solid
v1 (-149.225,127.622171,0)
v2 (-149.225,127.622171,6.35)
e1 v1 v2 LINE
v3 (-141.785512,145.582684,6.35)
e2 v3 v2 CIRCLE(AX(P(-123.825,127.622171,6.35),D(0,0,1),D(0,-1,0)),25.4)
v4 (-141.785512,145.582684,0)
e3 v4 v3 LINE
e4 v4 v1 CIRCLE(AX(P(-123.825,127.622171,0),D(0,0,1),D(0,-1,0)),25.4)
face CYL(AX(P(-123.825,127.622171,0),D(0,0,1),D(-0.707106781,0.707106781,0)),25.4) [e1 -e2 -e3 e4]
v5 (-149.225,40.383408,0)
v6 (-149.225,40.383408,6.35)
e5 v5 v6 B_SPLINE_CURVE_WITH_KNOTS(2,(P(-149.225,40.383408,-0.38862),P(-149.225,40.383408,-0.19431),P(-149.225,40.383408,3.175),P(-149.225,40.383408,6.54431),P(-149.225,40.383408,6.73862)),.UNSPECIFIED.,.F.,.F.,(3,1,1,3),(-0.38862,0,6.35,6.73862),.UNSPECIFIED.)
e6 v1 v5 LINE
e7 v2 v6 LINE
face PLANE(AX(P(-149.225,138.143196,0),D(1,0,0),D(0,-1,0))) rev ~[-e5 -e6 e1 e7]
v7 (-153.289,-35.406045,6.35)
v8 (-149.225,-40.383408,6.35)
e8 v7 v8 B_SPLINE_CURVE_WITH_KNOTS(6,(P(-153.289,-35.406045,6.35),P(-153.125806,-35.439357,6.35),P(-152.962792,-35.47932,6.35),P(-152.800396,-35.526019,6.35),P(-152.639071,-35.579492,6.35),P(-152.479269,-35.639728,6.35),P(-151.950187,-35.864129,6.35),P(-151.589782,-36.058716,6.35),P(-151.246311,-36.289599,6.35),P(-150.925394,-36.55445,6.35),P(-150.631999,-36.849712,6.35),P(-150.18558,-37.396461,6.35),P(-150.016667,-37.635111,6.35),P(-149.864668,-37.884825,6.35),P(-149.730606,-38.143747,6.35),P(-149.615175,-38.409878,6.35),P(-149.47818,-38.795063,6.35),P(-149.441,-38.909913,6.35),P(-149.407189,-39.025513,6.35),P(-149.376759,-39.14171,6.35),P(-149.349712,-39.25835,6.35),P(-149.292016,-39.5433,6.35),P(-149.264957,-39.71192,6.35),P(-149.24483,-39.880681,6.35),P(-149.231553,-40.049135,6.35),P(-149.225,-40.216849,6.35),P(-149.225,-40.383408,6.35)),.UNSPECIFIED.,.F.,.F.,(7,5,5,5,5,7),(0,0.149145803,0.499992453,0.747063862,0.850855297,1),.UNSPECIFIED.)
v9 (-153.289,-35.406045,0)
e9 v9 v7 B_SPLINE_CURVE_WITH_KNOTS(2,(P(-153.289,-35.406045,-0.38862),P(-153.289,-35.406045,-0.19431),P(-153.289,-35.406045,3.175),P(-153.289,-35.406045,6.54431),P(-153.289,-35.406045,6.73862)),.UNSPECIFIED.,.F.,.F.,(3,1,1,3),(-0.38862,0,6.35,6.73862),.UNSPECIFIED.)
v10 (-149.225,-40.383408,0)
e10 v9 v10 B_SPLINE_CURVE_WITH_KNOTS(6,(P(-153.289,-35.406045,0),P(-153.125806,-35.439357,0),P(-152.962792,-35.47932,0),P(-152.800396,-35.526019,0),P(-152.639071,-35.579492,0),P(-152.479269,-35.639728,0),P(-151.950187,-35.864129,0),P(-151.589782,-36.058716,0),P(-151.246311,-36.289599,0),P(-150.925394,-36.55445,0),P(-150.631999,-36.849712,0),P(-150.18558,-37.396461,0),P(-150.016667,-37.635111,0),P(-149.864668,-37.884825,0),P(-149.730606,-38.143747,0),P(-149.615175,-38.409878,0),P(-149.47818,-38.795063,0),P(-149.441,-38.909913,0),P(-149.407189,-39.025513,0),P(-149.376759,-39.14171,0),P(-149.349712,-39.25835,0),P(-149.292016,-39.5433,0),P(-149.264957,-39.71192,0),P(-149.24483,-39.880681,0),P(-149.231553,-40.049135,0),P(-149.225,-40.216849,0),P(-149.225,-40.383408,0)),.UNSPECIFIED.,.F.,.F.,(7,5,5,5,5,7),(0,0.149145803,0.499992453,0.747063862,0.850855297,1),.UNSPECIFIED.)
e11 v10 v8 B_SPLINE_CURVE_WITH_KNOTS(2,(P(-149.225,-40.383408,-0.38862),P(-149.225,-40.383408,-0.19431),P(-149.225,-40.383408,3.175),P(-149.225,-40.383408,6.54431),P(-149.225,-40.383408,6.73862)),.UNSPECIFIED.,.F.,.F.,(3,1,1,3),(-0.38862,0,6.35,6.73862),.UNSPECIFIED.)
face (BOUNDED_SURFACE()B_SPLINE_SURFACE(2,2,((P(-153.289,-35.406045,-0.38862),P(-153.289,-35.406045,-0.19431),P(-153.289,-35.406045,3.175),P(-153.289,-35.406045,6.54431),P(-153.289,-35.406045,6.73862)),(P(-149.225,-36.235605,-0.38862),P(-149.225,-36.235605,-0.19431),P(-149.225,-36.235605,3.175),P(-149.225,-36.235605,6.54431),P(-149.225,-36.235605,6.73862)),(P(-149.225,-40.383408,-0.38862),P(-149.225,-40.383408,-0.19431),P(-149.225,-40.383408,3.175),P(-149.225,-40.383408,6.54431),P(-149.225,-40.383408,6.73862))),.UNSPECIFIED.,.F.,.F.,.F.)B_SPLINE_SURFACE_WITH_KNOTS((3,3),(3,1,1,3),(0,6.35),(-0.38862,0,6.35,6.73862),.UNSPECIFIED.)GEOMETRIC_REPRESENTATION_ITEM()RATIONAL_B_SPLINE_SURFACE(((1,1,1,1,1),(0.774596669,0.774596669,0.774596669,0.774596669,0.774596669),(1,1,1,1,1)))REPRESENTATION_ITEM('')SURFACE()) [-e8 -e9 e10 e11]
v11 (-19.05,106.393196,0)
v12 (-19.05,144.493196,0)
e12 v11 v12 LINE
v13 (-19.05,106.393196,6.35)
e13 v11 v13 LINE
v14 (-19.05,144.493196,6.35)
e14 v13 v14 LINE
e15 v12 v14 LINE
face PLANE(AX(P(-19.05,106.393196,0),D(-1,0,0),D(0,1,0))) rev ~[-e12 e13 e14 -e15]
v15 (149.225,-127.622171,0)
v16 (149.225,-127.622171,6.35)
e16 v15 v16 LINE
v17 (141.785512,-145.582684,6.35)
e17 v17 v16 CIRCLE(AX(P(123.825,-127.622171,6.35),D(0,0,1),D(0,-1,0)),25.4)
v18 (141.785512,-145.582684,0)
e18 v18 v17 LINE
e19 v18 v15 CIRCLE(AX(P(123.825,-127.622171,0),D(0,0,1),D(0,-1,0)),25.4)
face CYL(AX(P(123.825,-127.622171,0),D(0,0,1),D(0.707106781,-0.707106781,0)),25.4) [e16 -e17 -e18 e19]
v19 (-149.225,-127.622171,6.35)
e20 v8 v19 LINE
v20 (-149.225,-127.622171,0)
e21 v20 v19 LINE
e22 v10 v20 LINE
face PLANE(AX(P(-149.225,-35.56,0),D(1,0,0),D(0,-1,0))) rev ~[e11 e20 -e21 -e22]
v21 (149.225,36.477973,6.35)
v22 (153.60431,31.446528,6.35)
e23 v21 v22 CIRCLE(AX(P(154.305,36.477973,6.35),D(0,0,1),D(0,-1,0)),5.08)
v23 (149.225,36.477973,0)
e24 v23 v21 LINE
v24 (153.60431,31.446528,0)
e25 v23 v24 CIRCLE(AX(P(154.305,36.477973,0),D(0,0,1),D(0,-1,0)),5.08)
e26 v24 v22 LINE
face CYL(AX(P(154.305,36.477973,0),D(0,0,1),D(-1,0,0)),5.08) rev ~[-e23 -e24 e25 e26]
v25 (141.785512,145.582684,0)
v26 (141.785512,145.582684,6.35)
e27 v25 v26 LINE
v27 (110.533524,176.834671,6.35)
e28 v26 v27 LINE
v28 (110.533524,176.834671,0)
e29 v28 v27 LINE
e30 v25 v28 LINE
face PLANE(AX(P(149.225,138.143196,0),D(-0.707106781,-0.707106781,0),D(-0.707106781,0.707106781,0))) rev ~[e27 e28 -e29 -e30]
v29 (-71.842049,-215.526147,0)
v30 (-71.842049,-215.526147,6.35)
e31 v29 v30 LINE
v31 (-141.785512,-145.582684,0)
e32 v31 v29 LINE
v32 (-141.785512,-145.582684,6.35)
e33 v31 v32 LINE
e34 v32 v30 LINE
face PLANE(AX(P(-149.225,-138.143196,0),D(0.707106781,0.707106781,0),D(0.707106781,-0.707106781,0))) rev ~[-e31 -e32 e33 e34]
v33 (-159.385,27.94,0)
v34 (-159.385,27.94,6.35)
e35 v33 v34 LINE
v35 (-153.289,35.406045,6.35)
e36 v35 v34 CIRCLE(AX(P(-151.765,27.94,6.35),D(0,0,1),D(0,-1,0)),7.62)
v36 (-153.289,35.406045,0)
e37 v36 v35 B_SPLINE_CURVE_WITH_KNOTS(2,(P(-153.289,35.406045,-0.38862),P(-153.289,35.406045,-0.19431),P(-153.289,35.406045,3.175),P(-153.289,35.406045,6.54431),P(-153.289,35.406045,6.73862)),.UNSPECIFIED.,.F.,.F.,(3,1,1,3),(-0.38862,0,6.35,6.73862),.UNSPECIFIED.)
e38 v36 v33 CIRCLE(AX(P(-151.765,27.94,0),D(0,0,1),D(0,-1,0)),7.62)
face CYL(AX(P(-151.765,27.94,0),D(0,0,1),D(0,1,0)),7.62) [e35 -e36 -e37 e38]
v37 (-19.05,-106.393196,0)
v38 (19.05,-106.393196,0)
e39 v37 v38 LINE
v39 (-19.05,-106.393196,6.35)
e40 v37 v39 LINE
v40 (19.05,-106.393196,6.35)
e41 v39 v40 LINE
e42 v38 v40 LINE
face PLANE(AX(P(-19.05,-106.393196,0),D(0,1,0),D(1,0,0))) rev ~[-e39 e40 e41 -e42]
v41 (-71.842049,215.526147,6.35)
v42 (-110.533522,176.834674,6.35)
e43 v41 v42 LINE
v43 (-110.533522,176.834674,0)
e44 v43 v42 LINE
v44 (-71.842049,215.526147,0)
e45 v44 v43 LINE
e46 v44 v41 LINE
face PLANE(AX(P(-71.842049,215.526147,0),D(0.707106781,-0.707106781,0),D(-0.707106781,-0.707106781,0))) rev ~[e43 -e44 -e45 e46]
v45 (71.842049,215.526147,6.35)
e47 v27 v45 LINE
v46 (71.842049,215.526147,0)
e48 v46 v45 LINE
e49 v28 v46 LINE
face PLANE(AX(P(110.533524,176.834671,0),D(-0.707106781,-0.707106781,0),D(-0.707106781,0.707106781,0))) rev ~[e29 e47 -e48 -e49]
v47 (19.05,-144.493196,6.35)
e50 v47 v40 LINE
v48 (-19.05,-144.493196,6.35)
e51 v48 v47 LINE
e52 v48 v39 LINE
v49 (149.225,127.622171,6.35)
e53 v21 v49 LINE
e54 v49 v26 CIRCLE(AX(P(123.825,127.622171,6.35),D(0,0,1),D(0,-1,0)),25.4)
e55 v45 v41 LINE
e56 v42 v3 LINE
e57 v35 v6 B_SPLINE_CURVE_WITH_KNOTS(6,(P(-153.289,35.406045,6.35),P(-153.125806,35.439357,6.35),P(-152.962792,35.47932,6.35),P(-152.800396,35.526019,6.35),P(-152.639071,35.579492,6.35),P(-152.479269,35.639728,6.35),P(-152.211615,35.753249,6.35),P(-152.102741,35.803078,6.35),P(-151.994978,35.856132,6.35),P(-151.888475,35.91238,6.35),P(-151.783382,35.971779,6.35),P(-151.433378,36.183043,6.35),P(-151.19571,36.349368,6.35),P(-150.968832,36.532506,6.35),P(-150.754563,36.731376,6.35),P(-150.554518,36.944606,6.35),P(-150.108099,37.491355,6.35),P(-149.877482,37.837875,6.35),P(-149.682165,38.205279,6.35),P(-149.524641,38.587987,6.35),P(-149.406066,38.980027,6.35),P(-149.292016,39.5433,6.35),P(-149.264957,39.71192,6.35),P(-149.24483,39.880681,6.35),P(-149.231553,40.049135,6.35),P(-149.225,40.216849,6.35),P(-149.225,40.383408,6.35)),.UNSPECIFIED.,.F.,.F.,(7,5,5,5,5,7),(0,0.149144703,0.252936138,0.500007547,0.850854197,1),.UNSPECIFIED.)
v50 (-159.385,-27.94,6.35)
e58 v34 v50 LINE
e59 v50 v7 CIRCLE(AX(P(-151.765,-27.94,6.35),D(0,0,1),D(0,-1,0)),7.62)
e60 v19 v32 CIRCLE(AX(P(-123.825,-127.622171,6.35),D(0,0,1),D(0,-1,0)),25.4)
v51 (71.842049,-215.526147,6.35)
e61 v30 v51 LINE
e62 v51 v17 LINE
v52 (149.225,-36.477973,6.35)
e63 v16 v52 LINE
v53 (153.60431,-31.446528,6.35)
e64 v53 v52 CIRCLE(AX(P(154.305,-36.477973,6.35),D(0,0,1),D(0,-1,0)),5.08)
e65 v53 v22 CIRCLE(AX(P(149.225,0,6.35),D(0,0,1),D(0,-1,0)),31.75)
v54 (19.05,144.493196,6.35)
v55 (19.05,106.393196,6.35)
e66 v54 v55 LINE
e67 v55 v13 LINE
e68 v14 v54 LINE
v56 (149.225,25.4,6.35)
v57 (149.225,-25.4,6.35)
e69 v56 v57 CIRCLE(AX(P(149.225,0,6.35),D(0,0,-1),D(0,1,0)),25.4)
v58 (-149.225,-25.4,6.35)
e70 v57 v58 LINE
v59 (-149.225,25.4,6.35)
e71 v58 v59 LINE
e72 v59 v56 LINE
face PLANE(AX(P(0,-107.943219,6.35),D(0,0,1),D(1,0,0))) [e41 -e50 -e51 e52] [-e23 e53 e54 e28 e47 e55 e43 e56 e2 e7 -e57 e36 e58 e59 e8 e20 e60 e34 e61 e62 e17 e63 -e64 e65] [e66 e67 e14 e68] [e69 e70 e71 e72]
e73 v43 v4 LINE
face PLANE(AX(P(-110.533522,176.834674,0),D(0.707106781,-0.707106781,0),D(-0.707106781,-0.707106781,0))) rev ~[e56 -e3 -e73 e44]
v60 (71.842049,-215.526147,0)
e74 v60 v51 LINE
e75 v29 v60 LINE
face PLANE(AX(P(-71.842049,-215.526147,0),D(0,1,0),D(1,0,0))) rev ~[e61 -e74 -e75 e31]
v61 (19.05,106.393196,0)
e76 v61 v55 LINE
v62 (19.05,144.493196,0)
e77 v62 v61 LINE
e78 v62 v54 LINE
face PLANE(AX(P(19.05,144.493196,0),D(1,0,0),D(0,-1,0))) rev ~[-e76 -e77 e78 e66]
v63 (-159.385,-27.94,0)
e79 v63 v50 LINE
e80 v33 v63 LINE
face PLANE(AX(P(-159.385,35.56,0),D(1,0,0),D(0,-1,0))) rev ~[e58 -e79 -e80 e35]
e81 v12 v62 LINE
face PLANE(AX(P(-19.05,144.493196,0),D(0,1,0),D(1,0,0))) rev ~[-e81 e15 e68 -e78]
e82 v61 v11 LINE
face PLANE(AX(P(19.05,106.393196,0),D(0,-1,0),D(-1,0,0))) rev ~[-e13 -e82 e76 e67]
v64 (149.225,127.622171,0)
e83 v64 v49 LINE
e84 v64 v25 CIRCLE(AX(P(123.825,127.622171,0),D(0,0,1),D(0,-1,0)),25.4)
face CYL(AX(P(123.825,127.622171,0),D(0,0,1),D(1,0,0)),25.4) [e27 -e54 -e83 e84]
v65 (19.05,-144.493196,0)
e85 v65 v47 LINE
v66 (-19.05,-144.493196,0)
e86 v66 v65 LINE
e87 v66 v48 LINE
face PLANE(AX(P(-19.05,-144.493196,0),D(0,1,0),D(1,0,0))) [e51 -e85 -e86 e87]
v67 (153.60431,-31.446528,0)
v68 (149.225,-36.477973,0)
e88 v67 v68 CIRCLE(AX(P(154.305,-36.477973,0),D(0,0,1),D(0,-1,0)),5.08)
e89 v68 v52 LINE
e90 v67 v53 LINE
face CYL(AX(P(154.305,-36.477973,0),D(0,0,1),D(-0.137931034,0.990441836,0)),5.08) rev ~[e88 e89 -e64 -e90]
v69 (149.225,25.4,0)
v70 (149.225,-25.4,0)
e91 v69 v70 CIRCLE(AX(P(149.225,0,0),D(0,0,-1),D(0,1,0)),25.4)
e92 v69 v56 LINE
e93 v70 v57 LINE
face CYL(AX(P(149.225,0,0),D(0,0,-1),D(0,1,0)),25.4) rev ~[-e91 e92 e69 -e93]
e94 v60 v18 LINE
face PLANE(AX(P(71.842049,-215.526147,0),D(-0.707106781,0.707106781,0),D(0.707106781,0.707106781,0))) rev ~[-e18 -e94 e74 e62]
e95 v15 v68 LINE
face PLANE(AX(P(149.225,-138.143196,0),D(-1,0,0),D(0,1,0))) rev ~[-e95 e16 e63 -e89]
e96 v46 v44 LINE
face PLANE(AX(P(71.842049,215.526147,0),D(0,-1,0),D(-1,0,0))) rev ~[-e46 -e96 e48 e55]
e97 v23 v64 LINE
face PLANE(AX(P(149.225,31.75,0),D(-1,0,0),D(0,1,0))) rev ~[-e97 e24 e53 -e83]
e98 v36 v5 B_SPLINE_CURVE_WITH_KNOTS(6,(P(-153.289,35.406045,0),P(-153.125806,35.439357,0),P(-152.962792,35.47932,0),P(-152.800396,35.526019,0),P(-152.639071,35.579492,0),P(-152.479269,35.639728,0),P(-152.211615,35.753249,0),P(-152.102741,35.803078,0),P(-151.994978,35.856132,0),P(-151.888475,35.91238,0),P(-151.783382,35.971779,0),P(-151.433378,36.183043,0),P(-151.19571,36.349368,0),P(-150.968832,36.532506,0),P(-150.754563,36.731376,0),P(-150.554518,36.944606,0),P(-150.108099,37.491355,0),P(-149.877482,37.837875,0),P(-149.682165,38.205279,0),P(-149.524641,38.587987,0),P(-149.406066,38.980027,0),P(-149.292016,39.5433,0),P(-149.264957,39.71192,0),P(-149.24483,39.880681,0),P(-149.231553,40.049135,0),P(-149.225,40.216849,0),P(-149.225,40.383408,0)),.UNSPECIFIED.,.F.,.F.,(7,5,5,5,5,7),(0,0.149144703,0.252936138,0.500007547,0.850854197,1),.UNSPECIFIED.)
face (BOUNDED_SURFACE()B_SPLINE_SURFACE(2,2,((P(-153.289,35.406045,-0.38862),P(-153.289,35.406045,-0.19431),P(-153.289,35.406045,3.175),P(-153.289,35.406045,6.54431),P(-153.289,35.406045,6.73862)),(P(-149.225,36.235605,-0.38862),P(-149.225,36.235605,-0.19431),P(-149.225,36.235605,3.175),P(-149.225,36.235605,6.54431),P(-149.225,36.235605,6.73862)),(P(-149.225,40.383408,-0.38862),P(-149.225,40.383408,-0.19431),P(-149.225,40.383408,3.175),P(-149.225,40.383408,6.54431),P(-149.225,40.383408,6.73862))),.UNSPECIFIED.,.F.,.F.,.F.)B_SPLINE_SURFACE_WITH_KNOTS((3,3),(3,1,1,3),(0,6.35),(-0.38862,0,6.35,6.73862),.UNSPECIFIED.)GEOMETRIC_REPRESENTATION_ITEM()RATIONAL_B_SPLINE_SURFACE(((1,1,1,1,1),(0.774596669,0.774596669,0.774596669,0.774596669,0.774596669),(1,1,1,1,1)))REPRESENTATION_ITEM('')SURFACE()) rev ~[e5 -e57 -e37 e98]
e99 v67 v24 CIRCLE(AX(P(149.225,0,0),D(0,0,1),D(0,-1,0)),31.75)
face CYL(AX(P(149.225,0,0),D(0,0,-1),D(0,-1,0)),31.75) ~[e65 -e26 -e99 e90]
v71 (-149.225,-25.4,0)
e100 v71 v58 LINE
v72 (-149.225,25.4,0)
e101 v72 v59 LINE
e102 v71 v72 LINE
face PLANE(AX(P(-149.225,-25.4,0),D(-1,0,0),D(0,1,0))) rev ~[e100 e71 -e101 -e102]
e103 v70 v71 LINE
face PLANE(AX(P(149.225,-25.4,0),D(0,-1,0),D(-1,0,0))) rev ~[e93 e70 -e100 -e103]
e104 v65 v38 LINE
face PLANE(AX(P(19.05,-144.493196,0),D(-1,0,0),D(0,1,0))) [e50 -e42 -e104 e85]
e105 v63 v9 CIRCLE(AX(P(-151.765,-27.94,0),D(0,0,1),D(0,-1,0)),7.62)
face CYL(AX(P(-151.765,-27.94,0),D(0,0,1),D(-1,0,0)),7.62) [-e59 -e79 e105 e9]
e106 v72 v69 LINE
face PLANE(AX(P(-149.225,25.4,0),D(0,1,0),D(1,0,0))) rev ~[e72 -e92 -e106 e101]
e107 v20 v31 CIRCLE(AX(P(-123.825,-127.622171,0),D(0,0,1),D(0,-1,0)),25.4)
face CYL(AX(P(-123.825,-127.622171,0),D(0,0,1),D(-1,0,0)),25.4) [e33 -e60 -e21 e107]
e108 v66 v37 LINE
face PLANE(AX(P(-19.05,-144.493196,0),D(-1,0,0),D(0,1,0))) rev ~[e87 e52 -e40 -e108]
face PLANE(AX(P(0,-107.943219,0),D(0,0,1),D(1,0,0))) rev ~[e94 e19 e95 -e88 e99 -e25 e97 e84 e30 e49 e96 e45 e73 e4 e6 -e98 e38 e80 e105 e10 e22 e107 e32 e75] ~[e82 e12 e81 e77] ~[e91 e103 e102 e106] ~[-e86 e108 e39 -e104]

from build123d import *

# Parameters (mm, degrees)
F0_R     = 3.175
F0_W     = 38.1
F0_H     = 38.1
F1_DEPTH = 6.35
F2_R     = 25.4
F3_R     = 5.08
F4_R     = 7.62
F5_R     = 5.08


with BuildPart() as f1:
    # F0 (on Top) → F1 (new body)
    with BuildSketch(Plane.XY):
        Polygon((149.225, -25.4), (-149.225, -25.4), (-149.225, -35.56), (-149.225, -138.1431958742), (-71.8420489686, -215.5261469057), (71.8420489686, -215.5261469057), (149.225, -138.1431958742), (149.225, -31.75), align=None)
        with Locations((-101.55326548, -167.8544181521)):
            Circle(F0_R, mode=Mode.SUBTRACT)
        with Locations((-50.799996416, -157.1931958742)):
            Circle(F0_R, mode=Mode.SUBTRACT)
        with Locations((-130.175, -125.4431958742)):
            Circle(F0_R, mode=Mode.SUBTRACT)
        with Locations((0, -125.4431958742)):
            Rectangle(F0_W, F0_H, mode=Mode.SUBTRACT)
        with Locations((-50.799996416, -93.6931958742)):
            Circle(F0_R, mode=Mode.SUBTRACT)
        with Locations((-50.165, -63.5)):
            Circle(F0_R, mode=Mode.SUBTRACT)
        with Locations((50.799996416, -157.1931958742)):
            Circle(F0_R, mode=Mode.SUBTRACT)
        with Locations((101.5532683632, -167.8544152689)):
            Circle(F0_R, mode=Mode.SUBTRACT)
        with Locations((50.799996416, -93.6931958742)):
            Circle(F0_R, mode=Mode.SUBTRACT)
        with Locations((130.175, -125.4431958742)):
            Circle(F0_R, mode=Mode.SUBTRACT)
        with Locations((50.165, -63.5)):
            Circle(F0_R, mode=Mode.SUBTRACT)
        Polygon((-149.225, 35.56), (-149.225, 25.4), (149.225, 25.4), (149.225, 31.75), (149.225, 138.1431958742), (110.5335244843, 176.8346713899), (71.8420489686, 215.5261469057), (-71.8420489686, 215.5261469057), (-110.5335216011, 176.8346742731), (-149.225, 138.1431958742), align=None)
        with Locations((-50.165, 63.5)):
            Circle(F0_R, mode=Mode.SUBTRACT)
        with Locations((-130.175, 125.4431958742)):
            Circle(F0_R, mode=Mode.SUBTRACT)
        with Locations((-50.799996416, 93.6931958742)):
            Circle(F0_R, mode=Mode.SUBTRACT)
        Polygon((0, 106.3931958742), (-19.05, 106.3931958742), (-19.05, 144.4931958742), (19.05, 144.4931958742), (19.05, 106.3931958742), align=None, mode=Mode.SUBTRACT)
        with BuildLine():
            ThreePointArc((-98.37826548, 167.8544181521), (-102.7682853778, 164.9211006363), (-103.7983295103, 170.0994821823))
            ThreePointArc((-103.7983295103, 170.0994821823), (-100.3382455823, 170.7877356678), (-98.37826548, 167.8544181521))
        make_face(mode=Mode.SUBTRACT)
        with Locations((-50.799996416, 157.1931958742)):
            Circle(F0_R, mode=Mode.SUBTRACT)
        with Locations((50.165, 63.5)):
            Circle(F0_R, mode=Mode.SUBTRACT)
        with Locations((50.799996416, 93.6931958742)):
            Circle(F0_R, mode=Mode.SUBTRACT)
        with Locations((130.175, 125.4431958742)):
            Circle(F0_R, mode=Mode.SUBTRACT)
        with Locations((50.799996416, 157.1931958742)):
            Circle(F0_R, mode=Mode.SUBTRACT)
        with BuildLine():
            ThreePointArc((104.7282683632, 167.8544152689), (98.6199508475, 166.6393953711), (103.7983323935, 170.0994792991))
            ThreePointArc((103.7983323935, 170.0994792991), (104.4865858789, 169.0694351666), (104.7282683632, 167.8544152689))
        make_face(mode=Mode.SUBTRACT)
        Polygon((-149.225, -35.56), (-149.225, -25.4), (-149.225, 25.4), (-149.225, 35.56), (-159.385, 35.56), (-159.385, -35.56), align=None)
        with BuildLine():
            ThreePointArc((149.225, 25.4), (174.625, 0), (149.225, -25.4))
            Line((149.225, -25.4), (149.225, -31.75))
            ThreePointArc((149.225, -31.75), (180.975, 0), (149.225, 31.75))
            Line((149.225, 31.75), (149.225, 25.4))
        make_face()
        with Locations((-130.175, -125.4431958742)):
            Circle(F0_R)
        with Locations((-101.55326548, -167.8544181521)):
            Circle(F0_R)
        with Locations((-50.165, -63.5)):
            Circle(F0_R)
        with Locations((-50.799996416, -93.6931958742)):
            Circle(F0_R)
        with Locations((-50.799996416, -157.1931958742)):
            Circle(F0_R)
        with Locations((50.165, -63.5)):
            Circle(F0_R)
        with Locations((50.799996416, -93.6931958742)):
            Circle(F0_R)
        with Locations((50.799996416, -157.1931958742)):
            Circle(F0_R)
        with Locations((101.5532683632, -167.8544152689)):
            Circle(F0_R)
        with Locations((130.175, -125.4431958742)):
            Circle(F0_R)
        with Locations((-130.175, 125.4431958742)):
            Circle(F0_R)
        with Locations((-50.799996416, 93.6931958742)):
            Circle(F0_R)
        with Locations((-50.165, 63.5)):
            Circle(F0_R)
        with Locations((50.165, 63.5)):
            Circle(F0_R)
        with Locations((50.799996416, 93.6931958742)):
            Circle(F0_R)
        with Locations((50.799996416, 157.1931958742)):
            Circle(F0_R)
        with Locations((-50.799996416, 157.1931958742)):
            Circle(F0_R)
        with BuildLine():
            ThreePointArc((-98.37826548, 167.8544181521), (-100.3382455823, 170.7877356678), (-103.7983295103, 170.0994821823))
            ThreePointArc((-103.7983295103, 170.0994821823), (-102.7682853778, 164.9211006363), (-98.37826548, 167.8544181521))
        make_face()
        with BuildLine():
            ThreePointArc((104.7282683632, 167.8544152689), (104.4865858789, 169.0694351666), (103.7983323935, 170.0994792991))
            ThreePointArc((103.7983323935, 170.0994792991), (98.6199508475, 166.6393953711), (104.7282683632, 167.8544152689))
        make_face()
        with Locations((130.175, 125.4431958742)):
            Circle(F0_R)
    extrude(amount=F1_DEPTH)

    # F2
    f2_edges = [f1.edges().sort_by_distance(p)[0] for p in [
        (149.225, -138.143196, 3.175),
        (-149.225, -138.143196, 3.175),
        (149.225, 138.143196, 3.175),
        (-149.225, 138.143196, 3.175),
    ]]
    fillet(f2_edges, radius=F2_R)

    # F3
    f3_edges = [f1.edges().sort_by_distance(p)[0] for p in [
        (149.225, -31.75, 3.175),
        (149.225, 31.75, 3.175),
    ]]
    fillet(f3_edges, radius=F3_R)

    # F4
    f4_edges = [f1.edges().sort_by_distance(p)[0] for p in [
        (-159.385, -35.56, 3.175),
        (-159.385, 35.56, 3.175),
    ]]
    fillet(f4_edges, radius=F4_R)

    # F5
    f5_edges = [f1.edges().sort_by_distance(p)[0] for p in [
        (-149.225, -35.56, 3.175),
        (-149.225, 35.56, 3.175),
    ]]
    fillet(f5_edges, radius=F5_R)


solid = f1.part
